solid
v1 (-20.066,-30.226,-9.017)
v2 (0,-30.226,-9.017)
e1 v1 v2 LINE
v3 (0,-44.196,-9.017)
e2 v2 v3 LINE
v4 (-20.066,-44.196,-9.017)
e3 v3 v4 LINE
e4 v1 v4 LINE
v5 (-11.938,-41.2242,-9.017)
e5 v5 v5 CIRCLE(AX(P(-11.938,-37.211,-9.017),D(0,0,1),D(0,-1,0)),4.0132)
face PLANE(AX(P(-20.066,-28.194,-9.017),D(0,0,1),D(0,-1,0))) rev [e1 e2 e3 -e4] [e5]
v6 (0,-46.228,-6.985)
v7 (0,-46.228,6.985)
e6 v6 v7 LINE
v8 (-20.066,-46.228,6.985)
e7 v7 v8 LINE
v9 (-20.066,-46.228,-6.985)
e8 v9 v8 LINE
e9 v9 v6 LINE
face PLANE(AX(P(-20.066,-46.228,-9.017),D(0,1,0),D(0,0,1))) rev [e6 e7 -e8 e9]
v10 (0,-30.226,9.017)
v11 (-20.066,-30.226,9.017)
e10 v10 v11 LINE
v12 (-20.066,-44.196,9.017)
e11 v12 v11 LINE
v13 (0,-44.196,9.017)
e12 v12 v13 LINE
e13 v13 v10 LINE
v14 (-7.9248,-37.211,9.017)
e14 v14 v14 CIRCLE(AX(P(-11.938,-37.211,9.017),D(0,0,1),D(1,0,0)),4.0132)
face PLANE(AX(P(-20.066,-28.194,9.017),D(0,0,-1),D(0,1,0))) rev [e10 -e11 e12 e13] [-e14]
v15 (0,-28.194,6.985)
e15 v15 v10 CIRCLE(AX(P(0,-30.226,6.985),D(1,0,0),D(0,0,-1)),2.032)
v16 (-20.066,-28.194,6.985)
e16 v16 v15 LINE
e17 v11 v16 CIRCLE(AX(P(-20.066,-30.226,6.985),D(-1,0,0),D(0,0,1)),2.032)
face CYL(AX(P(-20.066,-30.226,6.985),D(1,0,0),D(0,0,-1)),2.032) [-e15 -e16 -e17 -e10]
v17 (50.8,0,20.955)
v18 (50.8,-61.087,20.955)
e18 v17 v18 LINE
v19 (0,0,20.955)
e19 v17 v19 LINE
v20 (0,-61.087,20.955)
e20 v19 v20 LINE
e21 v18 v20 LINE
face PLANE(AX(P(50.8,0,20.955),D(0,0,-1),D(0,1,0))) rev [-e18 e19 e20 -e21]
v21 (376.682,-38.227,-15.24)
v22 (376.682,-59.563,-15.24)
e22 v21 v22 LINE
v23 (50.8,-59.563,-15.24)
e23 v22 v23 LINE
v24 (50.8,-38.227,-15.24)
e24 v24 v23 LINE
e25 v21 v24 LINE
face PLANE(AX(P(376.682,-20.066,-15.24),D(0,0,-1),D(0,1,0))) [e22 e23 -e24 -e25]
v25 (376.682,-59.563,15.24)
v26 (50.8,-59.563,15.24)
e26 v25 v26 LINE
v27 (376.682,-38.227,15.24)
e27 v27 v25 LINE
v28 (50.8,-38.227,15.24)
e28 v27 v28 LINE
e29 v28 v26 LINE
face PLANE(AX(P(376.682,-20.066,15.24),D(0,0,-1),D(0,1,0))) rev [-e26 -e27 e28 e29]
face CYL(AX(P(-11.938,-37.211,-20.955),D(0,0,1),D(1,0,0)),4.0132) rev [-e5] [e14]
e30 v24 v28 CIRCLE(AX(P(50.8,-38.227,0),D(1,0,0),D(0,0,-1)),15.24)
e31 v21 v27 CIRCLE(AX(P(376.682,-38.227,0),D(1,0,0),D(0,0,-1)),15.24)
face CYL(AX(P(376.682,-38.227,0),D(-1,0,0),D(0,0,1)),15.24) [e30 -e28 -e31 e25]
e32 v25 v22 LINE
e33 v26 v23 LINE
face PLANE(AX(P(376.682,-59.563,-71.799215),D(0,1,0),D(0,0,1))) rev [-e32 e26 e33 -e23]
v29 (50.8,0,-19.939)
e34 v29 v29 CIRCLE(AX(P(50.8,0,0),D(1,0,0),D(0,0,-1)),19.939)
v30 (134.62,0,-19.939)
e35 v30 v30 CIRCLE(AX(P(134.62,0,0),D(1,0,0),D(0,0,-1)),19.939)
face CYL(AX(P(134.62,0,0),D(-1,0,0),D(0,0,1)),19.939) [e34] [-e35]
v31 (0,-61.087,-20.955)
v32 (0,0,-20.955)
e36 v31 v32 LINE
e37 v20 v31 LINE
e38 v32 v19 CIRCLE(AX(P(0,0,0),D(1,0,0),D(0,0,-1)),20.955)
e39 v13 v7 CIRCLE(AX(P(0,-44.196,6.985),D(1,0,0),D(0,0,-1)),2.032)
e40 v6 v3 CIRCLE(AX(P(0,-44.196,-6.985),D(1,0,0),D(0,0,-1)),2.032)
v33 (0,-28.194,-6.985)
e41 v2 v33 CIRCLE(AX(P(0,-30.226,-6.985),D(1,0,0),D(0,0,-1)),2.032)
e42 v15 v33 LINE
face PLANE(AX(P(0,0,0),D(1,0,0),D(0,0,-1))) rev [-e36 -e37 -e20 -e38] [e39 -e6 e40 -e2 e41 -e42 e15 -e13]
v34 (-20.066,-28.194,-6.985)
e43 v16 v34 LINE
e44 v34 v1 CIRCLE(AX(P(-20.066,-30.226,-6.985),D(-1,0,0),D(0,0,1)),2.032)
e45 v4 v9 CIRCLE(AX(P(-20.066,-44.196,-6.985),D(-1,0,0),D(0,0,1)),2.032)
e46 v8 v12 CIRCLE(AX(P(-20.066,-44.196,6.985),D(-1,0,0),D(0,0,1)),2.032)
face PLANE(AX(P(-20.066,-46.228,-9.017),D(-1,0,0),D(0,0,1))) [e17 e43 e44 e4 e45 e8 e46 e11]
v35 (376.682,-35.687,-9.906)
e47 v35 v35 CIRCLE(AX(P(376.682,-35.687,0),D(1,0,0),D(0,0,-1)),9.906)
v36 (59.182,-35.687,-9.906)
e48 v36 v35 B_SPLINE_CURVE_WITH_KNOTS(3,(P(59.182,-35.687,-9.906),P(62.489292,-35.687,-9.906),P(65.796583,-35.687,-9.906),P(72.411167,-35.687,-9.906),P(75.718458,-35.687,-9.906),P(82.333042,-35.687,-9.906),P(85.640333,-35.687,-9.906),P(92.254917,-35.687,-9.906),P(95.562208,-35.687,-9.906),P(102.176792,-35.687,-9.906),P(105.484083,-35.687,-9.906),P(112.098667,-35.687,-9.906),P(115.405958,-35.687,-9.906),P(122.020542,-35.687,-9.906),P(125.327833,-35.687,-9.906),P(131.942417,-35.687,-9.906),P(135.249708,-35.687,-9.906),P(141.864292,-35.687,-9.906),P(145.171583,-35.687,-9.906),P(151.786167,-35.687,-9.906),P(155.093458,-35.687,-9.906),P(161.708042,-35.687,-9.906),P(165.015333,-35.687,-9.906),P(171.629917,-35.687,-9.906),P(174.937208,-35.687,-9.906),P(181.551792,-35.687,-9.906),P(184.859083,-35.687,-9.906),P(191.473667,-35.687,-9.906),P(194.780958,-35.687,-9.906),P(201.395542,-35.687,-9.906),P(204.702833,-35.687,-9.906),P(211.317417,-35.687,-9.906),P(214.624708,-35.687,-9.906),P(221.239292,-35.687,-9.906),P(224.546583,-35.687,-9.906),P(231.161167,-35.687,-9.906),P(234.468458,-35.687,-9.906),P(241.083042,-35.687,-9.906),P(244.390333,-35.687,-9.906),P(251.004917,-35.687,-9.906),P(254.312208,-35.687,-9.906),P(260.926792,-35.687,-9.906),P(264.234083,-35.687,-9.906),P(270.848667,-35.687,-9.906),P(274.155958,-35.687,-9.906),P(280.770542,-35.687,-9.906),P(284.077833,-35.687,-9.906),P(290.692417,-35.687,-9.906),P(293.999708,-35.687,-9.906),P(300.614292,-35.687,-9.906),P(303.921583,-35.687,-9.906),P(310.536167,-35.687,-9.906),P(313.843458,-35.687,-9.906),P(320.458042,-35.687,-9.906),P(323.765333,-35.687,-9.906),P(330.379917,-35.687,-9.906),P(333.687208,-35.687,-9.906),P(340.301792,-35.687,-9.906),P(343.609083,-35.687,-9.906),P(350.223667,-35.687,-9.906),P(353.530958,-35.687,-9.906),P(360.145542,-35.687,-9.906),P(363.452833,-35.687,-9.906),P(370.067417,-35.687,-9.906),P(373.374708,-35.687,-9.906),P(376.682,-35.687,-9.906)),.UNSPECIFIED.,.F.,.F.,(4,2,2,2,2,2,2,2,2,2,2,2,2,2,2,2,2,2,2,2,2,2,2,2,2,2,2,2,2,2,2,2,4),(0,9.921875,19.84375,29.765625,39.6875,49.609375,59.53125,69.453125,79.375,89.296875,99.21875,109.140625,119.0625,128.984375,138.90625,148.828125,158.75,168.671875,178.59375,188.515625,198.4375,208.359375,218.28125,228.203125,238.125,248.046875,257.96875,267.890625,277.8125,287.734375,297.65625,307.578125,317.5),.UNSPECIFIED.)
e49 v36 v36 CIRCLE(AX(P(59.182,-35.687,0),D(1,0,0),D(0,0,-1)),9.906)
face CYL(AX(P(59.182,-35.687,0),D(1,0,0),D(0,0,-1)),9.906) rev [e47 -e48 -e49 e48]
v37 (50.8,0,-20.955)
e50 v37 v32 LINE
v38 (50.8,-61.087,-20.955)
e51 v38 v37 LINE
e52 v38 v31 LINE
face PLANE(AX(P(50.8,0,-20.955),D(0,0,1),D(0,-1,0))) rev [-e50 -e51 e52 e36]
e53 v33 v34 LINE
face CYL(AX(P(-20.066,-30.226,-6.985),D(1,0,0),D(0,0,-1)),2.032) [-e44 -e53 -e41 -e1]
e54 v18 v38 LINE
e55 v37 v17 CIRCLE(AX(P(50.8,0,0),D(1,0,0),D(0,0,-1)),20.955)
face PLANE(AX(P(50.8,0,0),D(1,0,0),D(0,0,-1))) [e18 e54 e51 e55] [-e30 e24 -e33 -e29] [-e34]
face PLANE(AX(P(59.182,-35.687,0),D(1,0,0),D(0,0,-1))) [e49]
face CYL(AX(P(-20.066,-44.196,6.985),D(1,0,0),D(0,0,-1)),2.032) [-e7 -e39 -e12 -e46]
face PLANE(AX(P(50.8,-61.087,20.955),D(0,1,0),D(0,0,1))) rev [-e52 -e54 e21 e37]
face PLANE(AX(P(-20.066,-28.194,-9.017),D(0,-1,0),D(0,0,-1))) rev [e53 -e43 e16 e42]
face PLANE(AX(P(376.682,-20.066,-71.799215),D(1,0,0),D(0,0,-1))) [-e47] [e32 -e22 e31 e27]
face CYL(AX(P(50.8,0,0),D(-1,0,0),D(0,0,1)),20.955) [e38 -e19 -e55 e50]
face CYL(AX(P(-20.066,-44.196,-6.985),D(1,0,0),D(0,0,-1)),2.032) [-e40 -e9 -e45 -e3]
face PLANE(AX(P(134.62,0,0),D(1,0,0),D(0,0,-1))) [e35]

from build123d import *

# Parameters (mm, degrees)
BOSS_EXTRUDE1_DEPTH = 50.8
SKETCH2_R           = 19.939
BOSS_EXTRUDE2_DEPTH = 83.82
SKETCH3_W           = 30.48
SKETCH3_H           = 21.336
BOSS_EXTRUDE3_DEPTH = 325.882
SKETCH4_W           = 18.034
SKETCH4_H           = 18.034
BOSS_EXTRUDE4_DEPTH = 20.066
FILLET2_R           = 2.032
SKETCH5_R           = 4.0132
CUT_EXTRUDE1_DEPTH  = 383.778358162
SKETCH6_R           = 9.906
CUT_EXTRUDE2_DEPTH  = 317.5


with BuildPart() as part:
    # Sketch1 → Boss-Extrude1 (new body)
    with BuildSketch(Plane(origin=(0, 0, 0), x_dir=(0, 0, -1), z_dir=(1, 0, 0))):
        with BuildLine():
            Line((-20.955, 0), (-20.955, -61.087))
            Line((-20.955, -61.087), (20.955, -61.087))
            Line((20.955, -61.087), (20.955, 0))
            ThreePointArc((20.955, 0), (0, 20.955), (-20.955, 0))
        make_face()
    extrude(amount=BOSS_EXTRUDE1_DEPTH)

    # Sketch2 → Boss-Extrude2 (add)
    with BuildSketch(Plane(origin=(50.8, 0, 0), x_dir=(0, 0, -1), z_dir=(1, 0, 0))):
        Circle(SKETCH2_R)
    extrude(amount=BOSS_EXTRUDE2_DEPTH)

    # Sketch3 → Boss-Extrude3 (add)
    with BuildSketch(Plane(origin=(50.8, 0, 0), x_dir=(0, 0, -1), z_dir=(1, 0, 0))):
        with BuildLine():
            Line((-15.24, -38.227), (15.24, -38.227))
            ThreePointArc((15.24, -38.227), (0, -22.987), (-15.24, -38.227))
        make_face()
        with Locations((0, -48.895)):
            Rectangle(SKETCH3_W, SKETCH3_H)
    extrude(amount=BOSS_EXTRUDE3_DEPTH)

    # Sketch4 → Boss-Extrude4 (add)
    with BuildSketch(Plane.ZY):
        with Locations((0, -37.211)):
            Rectangle(SKETCH4_W, SKETCH4_H)
    extrude(amount=BOSS_EXTRUDE4_DEPTH)

    # Fillet2
    fillet2_edges = [part.edges().sort_by_distance(p)[0] for p in [
        (-10.033, -28.194, -9.017),
        (-10.033, -46.228, -9.017),
        (-10.033, -46.228, 9.017),
        (-10.033, -28.194, 9.017),
    ]]
    fillet(fillet2_edges, radius=FILLET2_R)

    # Sketch5 → Cut-Extrude1 (cut, through all)
    with BuildSketch(Plane.XY.offset(9.017)):
        with Locations((-11.938, -37.211)):
            Circle(SKETCH5_R)
    extrude(amount=-CUT_EXTRUDE1_DEPTH, mode=Mode.SUBTRACT)

    # Sketch6 → Cut-Extrude2 (cut)
    with BuildSketch(Plane(origin=(376.682, 0, 0), x_dir=(0, 0, -1), z_dir=(1, 0, 0))):
        with Locations((0, -35.687)):
            Circle(SKETCH6_R)
    extrude(amount=-CUT_EXTRUDE2_DEPTH, mode=Mode.SUBTRACT)


solid = part.part
